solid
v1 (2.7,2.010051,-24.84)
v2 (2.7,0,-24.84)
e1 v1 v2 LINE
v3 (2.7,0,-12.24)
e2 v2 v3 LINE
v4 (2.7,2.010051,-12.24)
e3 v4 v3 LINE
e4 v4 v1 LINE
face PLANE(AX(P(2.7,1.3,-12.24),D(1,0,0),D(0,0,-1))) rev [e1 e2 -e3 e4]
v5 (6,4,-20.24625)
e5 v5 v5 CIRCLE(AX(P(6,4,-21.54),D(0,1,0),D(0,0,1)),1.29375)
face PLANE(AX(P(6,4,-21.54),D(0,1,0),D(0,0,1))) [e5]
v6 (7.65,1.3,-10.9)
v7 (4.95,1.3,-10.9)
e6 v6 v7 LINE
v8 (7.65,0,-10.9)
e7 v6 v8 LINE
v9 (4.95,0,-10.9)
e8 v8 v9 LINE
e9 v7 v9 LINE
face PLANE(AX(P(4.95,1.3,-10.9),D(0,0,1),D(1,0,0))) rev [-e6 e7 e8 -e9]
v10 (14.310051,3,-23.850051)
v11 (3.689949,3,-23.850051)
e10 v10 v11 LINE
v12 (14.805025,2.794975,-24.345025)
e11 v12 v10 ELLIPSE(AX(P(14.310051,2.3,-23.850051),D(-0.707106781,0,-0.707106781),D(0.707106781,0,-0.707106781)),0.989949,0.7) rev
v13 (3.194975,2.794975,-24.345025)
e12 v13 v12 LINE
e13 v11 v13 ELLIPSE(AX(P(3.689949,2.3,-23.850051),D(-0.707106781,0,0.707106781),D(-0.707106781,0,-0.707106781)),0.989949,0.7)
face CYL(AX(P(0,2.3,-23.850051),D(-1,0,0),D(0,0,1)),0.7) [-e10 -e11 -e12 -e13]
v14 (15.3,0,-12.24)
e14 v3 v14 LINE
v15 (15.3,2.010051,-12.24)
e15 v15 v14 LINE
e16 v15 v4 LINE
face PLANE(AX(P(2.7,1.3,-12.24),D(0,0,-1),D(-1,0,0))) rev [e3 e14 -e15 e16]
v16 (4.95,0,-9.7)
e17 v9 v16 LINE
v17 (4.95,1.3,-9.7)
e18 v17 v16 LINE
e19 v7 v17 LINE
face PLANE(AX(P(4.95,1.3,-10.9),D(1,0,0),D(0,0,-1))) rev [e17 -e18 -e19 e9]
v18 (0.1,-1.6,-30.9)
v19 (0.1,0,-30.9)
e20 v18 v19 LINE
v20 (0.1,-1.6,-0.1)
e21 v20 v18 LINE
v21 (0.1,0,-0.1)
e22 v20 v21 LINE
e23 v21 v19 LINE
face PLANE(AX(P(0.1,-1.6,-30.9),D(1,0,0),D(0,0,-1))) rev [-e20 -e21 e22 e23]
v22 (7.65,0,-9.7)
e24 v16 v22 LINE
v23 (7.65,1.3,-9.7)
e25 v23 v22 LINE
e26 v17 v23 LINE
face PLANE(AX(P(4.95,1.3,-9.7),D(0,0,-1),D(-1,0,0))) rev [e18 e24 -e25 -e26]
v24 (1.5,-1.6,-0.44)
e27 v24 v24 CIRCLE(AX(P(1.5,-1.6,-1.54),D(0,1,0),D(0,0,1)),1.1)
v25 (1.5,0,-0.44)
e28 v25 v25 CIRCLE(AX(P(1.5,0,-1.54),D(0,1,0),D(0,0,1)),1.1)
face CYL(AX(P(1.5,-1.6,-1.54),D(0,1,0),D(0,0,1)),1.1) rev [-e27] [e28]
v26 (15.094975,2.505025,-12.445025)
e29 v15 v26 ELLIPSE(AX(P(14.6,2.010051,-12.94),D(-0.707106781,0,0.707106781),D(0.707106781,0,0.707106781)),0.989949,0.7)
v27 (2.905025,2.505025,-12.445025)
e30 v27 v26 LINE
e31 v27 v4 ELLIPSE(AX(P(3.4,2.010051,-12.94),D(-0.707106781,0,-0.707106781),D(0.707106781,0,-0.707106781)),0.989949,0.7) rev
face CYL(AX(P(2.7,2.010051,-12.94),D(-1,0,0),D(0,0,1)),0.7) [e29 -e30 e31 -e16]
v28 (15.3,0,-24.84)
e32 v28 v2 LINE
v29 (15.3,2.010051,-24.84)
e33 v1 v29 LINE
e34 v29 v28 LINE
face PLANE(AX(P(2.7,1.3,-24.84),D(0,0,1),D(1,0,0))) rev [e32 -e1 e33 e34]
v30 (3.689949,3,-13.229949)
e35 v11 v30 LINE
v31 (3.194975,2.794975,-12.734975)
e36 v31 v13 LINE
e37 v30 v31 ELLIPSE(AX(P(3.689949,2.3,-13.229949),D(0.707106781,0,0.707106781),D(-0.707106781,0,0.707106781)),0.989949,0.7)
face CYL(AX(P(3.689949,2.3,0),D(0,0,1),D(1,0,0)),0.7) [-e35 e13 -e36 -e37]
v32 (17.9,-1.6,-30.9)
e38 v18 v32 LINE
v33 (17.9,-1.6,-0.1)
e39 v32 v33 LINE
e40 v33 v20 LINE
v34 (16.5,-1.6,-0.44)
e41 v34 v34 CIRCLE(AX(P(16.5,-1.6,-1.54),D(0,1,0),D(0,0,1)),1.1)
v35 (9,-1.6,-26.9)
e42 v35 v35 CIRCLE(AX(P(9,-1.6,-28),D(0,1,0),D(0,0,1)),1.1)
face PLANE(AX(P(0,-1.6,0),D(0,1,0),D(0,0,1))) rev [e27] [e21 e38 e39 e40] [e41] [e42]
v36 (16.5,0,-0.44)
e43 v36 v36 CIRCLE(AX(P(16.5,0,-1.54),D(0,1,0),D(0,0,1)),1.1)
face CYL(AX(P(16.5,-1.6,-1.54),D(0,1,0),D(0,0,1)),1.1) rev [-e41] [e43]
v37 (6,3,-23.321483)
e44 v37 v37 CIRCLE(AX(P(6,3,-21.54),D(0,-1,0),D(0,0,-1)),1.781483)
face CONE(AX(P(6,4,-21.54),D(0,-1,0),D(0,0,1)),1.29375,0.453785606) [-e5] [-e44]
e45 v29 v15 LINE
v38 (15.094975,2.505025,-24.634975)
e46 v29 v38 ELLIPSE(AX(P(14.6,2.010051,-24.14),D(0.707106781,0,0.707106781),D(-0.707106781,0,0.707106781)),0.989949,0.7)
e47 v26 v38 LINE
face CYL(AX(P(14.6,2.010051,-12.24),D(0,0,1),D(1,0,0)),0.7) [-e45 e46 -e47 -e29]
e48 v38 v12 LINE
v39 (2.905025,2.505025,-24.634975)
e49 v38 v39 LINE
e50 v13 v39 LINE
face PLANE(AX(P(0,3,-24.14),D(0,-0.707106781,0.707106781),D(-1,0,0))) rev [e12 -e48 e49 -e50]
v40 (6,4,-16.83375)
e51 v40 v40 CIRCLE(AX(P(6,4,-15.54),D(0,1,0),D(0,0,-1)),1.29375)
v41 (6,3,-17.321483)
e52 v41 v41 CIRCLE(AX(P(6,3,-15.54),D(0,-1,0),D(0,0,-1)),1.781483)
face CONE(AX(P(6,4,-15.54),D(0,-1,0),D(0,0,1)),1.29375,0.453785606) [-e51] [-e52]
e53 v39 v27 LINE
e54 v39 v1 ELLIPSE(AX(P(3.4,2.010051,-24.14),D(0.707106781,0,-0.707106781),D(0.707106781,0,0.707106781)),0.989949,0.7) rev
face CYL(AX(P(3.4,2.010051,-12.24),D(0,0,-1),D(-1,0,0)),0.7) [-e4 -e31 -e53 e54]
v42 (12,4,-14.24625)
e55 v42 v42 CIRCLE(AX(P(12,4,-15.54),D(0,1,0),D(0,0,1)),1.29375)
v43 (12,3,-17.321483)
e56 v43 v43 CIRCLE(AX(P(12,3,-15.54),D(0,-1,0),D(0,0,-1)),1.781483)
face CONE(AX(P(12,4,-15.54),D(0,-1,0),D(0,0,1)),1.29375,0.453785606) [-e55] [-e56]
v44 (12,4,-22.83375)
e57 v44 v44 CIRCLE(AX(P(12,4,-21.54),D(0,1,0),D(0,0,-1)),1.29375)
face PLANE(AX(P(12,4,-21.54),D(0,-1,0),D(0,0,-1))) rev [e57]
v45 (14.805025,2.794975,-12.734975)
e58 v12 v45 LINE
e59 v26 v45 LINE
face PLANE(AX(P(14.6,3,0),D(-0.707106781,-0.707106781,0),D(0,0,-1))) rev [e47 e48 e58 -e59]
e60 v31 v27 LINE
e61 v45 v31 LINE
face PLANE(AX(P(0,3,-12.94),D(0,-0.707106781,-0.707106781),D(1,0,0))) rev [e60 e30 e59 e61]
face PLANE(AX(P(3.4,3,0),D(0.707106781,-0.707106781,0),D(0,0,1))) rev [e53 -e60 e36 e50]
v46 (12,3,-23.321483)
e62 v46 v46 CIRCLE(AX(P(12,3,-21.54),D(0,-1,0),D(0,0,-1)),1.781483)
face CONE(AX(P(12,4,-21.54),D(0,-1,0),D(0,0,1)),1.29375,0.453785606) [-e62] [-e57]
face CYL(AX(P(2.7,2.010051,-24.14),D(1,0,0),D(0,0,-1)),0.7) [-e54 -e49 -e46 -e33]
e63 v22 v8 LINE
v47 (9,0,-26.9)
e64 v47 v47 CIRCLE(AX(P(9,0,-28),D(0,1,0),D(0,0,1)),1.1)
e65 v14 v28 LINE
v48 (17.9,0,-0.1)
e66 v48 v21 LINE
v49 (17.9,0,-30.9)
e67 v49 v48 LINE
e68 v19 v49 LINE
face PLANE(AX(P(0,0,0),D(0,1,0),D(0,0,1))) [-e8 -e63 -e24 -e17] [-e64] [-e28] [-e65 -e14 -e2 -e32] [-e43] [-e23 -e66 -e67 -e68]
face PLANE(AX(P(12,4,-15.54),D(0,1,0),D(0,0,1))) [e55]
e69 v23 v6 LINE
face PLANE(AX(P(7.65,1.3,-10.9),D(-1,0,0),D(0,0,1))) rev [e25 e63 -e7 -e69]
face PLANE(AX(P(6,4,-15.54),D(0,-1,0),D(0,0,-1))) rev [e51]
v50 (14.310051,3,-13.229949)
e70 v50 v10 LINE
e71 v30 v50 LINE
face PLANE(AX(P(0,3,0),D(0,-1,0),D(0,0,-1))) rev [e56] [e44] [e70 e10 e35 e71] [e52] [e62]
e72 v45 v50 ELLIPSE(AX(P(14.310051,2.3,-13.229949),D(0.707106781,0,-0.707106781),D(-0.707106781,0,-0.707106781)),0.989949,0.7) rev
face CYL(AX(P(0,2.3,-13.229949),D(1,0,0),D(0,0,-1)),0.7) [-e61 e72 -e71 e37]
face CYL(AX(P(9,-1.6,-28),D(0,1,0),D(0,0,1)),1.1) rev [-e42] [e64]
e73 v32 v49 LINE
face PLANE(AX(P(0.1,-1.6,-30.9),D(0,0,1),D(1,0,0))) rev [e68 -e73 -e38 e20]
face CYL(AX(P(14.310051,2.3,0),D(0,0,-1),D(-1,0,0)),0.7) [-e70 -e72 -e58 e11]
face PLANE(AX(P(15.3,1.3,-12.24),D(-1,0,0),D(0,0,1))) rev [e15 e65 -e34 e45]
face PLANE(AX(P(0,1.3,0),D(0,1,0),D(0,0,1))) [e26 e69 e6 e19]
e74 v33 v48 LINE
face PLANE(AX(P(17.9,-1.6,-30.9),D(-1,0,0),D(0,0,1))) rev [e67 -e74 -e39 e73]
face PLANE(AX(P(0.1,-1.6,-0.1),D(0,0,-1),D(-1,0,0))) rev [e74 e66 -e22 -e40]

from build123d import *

# Parameters (mm, degrees)
SKETCH1_W           = 12.6
SKETCH1_H           = 12.6
BOSS_EXTRUDE1_DEPTH = 1.3
SKETCH3_R           = 1.29375
BOSS_EXTRUDE3_DEPTH = 2.7
DRAFT1_ANGLE        = 26
SKETCH4_W           = 12.6
SKETCH4_H           = 12.6
BOSS_EXTRUDE4_DEPTH = 1.7
SKETCH5_W           = 17.8
SKETCH5_H           = 30.8
BOSS_EXTRUDE5_DEPTH = 1.6
FILLET1_SIZE        = 0.7
SKETCH7_R           = 1.1
CUT_EXTRUDE1_DEPTH  = 36.933549783
SKETCH8_W           = 2.7
SKETCH8_H           = 1.2
CAPACITOR_DEPTH     = 1.3
FILLET5_R           = 0.7


with BuildPart() as part:
    # Sketch1 → Boss-Extrude1 (new body)
    with BuildSketch(Plane(origin=(0, 0, 0), x_dir=(1, 0, 0), z_dir=(0, 1, 0))):
        with Locations((9, 18.54)):
            Rectangle(SKETCH1_W, SKETCH1_H)
    extrude(amount=BOSS_EXTRUDE1_DEPTH)

    # Sketch3 → Boss-Extrude3 (add)
    with BuildSketch(Plane(origin=(0, 1.3, 0), x_dir=(1, 0, 0), z_dir=(0, 1, 0))):
        with Locations(Location((6, 21.54, 0), (0, 0, 90))):
            Circle(SKETCH3_R)
        with Locations(Location((12, 21.54, 0), (0, 0, 90))):
            Circle(SKETCH3_R)
        with Locations(Location((12, 15.54, 0), (0, 0, 90))):
            Circle(SKETCH3_R)
        with Locations(Location((6, 15.54, 0), (0, 0, 90))):
            Circle(SKETCH3_R)
    extrude(amount=BOSS_EXTRUDE3_DEPTH)

    # Draft1
    draft1_faces = [part.faces().sort_by_distance(p)[0] for p in [
        (6, 2.65, -14.24625),
        (12, 2.65, -14.24625),
        (12, 2.65, -20.24625),
        (6, 2.65, -20.24625),
    ]]
    draft(draft1_faces, Plane(origin=(6, 4, -21.54), x_dir=(0, 0, 1), z_dir=(0, 1, 0)), DRAFT1_ANGLE)

    # Sketch4 → Boss-Extrude4 (add)
    with BuildSketch(Plane(origin=(0, 1.3, 0), x_dir=(1, 0, 0), z_dir=(0, 1, 0))):
        with Locations((9, 18.54)):
            Rectangle(SKETCH4_W, SKETCH4_H)
    extrude(amount=BOSS_EXTRUDE4_DEPTH)

    # Sketch5 → Boss-Extrude5 (add)
    with BuildSketch(Plane.XZ):
        with Locations((9, -15.5)):
            Rectangle(SKETCH5_W, SKETCH5_H)
    extrude(amount=BOSS_EXTRUDE5_DEPTH)

    # Fillet1
    fillet1_edges = [part.edges().sort_by_distance(p)[0] for p in [
        (2.7, 3, -18.54),
        (9, 3, -12.24),
        (15.3, 3, -18.54),
        (9, 3, -24.84),
    ]]
    chamfer(fillet1_edges, length=FILLET1_SIZE)

    # Sketch7 → Cut-Extrude1 (cut, through all)
    with BuildSketch(Plane(origin=(0, 0, 0), x_dir=(1, 0, 0), z_dir=(0, 1, 0))):
        with Locations(Location((1.5, 1.54, 0), (0, 0, 270))):
            Circle(SKETCH7_R)
        with Locations(Location((9, 28, 0), (0, 0, 270))):
            Circle(SKETCH7_R)
        with Locations(Location((16.5, 1.54, 0), (0, 0, 270))):
            Circle(SKETCH7_R)
    extrude(amount=-CUT_EXTRUDE1_DEPTH, mode=Mode.SUBTRACT)

    # Sketch8 → capacitor (add)
    with BuildSketch(Plane(origin=(0, 0, 0), x_dir=(1, 0, 0), z_dir=(0, 1, 0))):
        with Locations((6.3, 10.3)):
            Rectangle(SKETCH8_W, SKETCH8_H)
    extrude(amount=CAPACITOR_DEPTH)

    # Fillet5
    fillet5_edges = [part.edges().sort_by_distance(p)[0] for p in [
        (3.4, 3, -18.54),
        (9, 3, -24.14),
        (14.6, 3, -18.54),
        (9, 3, -12.94),
        (9, 2.3, -12.24),
        (15.3, 2.3, -18.54),
        (9, 2.3, -24.84),
        (2.7, 2.3, -18.54),
    ]]
    fillet(fillet5_edges, radius=FILLET5_R)


solid = part.part
